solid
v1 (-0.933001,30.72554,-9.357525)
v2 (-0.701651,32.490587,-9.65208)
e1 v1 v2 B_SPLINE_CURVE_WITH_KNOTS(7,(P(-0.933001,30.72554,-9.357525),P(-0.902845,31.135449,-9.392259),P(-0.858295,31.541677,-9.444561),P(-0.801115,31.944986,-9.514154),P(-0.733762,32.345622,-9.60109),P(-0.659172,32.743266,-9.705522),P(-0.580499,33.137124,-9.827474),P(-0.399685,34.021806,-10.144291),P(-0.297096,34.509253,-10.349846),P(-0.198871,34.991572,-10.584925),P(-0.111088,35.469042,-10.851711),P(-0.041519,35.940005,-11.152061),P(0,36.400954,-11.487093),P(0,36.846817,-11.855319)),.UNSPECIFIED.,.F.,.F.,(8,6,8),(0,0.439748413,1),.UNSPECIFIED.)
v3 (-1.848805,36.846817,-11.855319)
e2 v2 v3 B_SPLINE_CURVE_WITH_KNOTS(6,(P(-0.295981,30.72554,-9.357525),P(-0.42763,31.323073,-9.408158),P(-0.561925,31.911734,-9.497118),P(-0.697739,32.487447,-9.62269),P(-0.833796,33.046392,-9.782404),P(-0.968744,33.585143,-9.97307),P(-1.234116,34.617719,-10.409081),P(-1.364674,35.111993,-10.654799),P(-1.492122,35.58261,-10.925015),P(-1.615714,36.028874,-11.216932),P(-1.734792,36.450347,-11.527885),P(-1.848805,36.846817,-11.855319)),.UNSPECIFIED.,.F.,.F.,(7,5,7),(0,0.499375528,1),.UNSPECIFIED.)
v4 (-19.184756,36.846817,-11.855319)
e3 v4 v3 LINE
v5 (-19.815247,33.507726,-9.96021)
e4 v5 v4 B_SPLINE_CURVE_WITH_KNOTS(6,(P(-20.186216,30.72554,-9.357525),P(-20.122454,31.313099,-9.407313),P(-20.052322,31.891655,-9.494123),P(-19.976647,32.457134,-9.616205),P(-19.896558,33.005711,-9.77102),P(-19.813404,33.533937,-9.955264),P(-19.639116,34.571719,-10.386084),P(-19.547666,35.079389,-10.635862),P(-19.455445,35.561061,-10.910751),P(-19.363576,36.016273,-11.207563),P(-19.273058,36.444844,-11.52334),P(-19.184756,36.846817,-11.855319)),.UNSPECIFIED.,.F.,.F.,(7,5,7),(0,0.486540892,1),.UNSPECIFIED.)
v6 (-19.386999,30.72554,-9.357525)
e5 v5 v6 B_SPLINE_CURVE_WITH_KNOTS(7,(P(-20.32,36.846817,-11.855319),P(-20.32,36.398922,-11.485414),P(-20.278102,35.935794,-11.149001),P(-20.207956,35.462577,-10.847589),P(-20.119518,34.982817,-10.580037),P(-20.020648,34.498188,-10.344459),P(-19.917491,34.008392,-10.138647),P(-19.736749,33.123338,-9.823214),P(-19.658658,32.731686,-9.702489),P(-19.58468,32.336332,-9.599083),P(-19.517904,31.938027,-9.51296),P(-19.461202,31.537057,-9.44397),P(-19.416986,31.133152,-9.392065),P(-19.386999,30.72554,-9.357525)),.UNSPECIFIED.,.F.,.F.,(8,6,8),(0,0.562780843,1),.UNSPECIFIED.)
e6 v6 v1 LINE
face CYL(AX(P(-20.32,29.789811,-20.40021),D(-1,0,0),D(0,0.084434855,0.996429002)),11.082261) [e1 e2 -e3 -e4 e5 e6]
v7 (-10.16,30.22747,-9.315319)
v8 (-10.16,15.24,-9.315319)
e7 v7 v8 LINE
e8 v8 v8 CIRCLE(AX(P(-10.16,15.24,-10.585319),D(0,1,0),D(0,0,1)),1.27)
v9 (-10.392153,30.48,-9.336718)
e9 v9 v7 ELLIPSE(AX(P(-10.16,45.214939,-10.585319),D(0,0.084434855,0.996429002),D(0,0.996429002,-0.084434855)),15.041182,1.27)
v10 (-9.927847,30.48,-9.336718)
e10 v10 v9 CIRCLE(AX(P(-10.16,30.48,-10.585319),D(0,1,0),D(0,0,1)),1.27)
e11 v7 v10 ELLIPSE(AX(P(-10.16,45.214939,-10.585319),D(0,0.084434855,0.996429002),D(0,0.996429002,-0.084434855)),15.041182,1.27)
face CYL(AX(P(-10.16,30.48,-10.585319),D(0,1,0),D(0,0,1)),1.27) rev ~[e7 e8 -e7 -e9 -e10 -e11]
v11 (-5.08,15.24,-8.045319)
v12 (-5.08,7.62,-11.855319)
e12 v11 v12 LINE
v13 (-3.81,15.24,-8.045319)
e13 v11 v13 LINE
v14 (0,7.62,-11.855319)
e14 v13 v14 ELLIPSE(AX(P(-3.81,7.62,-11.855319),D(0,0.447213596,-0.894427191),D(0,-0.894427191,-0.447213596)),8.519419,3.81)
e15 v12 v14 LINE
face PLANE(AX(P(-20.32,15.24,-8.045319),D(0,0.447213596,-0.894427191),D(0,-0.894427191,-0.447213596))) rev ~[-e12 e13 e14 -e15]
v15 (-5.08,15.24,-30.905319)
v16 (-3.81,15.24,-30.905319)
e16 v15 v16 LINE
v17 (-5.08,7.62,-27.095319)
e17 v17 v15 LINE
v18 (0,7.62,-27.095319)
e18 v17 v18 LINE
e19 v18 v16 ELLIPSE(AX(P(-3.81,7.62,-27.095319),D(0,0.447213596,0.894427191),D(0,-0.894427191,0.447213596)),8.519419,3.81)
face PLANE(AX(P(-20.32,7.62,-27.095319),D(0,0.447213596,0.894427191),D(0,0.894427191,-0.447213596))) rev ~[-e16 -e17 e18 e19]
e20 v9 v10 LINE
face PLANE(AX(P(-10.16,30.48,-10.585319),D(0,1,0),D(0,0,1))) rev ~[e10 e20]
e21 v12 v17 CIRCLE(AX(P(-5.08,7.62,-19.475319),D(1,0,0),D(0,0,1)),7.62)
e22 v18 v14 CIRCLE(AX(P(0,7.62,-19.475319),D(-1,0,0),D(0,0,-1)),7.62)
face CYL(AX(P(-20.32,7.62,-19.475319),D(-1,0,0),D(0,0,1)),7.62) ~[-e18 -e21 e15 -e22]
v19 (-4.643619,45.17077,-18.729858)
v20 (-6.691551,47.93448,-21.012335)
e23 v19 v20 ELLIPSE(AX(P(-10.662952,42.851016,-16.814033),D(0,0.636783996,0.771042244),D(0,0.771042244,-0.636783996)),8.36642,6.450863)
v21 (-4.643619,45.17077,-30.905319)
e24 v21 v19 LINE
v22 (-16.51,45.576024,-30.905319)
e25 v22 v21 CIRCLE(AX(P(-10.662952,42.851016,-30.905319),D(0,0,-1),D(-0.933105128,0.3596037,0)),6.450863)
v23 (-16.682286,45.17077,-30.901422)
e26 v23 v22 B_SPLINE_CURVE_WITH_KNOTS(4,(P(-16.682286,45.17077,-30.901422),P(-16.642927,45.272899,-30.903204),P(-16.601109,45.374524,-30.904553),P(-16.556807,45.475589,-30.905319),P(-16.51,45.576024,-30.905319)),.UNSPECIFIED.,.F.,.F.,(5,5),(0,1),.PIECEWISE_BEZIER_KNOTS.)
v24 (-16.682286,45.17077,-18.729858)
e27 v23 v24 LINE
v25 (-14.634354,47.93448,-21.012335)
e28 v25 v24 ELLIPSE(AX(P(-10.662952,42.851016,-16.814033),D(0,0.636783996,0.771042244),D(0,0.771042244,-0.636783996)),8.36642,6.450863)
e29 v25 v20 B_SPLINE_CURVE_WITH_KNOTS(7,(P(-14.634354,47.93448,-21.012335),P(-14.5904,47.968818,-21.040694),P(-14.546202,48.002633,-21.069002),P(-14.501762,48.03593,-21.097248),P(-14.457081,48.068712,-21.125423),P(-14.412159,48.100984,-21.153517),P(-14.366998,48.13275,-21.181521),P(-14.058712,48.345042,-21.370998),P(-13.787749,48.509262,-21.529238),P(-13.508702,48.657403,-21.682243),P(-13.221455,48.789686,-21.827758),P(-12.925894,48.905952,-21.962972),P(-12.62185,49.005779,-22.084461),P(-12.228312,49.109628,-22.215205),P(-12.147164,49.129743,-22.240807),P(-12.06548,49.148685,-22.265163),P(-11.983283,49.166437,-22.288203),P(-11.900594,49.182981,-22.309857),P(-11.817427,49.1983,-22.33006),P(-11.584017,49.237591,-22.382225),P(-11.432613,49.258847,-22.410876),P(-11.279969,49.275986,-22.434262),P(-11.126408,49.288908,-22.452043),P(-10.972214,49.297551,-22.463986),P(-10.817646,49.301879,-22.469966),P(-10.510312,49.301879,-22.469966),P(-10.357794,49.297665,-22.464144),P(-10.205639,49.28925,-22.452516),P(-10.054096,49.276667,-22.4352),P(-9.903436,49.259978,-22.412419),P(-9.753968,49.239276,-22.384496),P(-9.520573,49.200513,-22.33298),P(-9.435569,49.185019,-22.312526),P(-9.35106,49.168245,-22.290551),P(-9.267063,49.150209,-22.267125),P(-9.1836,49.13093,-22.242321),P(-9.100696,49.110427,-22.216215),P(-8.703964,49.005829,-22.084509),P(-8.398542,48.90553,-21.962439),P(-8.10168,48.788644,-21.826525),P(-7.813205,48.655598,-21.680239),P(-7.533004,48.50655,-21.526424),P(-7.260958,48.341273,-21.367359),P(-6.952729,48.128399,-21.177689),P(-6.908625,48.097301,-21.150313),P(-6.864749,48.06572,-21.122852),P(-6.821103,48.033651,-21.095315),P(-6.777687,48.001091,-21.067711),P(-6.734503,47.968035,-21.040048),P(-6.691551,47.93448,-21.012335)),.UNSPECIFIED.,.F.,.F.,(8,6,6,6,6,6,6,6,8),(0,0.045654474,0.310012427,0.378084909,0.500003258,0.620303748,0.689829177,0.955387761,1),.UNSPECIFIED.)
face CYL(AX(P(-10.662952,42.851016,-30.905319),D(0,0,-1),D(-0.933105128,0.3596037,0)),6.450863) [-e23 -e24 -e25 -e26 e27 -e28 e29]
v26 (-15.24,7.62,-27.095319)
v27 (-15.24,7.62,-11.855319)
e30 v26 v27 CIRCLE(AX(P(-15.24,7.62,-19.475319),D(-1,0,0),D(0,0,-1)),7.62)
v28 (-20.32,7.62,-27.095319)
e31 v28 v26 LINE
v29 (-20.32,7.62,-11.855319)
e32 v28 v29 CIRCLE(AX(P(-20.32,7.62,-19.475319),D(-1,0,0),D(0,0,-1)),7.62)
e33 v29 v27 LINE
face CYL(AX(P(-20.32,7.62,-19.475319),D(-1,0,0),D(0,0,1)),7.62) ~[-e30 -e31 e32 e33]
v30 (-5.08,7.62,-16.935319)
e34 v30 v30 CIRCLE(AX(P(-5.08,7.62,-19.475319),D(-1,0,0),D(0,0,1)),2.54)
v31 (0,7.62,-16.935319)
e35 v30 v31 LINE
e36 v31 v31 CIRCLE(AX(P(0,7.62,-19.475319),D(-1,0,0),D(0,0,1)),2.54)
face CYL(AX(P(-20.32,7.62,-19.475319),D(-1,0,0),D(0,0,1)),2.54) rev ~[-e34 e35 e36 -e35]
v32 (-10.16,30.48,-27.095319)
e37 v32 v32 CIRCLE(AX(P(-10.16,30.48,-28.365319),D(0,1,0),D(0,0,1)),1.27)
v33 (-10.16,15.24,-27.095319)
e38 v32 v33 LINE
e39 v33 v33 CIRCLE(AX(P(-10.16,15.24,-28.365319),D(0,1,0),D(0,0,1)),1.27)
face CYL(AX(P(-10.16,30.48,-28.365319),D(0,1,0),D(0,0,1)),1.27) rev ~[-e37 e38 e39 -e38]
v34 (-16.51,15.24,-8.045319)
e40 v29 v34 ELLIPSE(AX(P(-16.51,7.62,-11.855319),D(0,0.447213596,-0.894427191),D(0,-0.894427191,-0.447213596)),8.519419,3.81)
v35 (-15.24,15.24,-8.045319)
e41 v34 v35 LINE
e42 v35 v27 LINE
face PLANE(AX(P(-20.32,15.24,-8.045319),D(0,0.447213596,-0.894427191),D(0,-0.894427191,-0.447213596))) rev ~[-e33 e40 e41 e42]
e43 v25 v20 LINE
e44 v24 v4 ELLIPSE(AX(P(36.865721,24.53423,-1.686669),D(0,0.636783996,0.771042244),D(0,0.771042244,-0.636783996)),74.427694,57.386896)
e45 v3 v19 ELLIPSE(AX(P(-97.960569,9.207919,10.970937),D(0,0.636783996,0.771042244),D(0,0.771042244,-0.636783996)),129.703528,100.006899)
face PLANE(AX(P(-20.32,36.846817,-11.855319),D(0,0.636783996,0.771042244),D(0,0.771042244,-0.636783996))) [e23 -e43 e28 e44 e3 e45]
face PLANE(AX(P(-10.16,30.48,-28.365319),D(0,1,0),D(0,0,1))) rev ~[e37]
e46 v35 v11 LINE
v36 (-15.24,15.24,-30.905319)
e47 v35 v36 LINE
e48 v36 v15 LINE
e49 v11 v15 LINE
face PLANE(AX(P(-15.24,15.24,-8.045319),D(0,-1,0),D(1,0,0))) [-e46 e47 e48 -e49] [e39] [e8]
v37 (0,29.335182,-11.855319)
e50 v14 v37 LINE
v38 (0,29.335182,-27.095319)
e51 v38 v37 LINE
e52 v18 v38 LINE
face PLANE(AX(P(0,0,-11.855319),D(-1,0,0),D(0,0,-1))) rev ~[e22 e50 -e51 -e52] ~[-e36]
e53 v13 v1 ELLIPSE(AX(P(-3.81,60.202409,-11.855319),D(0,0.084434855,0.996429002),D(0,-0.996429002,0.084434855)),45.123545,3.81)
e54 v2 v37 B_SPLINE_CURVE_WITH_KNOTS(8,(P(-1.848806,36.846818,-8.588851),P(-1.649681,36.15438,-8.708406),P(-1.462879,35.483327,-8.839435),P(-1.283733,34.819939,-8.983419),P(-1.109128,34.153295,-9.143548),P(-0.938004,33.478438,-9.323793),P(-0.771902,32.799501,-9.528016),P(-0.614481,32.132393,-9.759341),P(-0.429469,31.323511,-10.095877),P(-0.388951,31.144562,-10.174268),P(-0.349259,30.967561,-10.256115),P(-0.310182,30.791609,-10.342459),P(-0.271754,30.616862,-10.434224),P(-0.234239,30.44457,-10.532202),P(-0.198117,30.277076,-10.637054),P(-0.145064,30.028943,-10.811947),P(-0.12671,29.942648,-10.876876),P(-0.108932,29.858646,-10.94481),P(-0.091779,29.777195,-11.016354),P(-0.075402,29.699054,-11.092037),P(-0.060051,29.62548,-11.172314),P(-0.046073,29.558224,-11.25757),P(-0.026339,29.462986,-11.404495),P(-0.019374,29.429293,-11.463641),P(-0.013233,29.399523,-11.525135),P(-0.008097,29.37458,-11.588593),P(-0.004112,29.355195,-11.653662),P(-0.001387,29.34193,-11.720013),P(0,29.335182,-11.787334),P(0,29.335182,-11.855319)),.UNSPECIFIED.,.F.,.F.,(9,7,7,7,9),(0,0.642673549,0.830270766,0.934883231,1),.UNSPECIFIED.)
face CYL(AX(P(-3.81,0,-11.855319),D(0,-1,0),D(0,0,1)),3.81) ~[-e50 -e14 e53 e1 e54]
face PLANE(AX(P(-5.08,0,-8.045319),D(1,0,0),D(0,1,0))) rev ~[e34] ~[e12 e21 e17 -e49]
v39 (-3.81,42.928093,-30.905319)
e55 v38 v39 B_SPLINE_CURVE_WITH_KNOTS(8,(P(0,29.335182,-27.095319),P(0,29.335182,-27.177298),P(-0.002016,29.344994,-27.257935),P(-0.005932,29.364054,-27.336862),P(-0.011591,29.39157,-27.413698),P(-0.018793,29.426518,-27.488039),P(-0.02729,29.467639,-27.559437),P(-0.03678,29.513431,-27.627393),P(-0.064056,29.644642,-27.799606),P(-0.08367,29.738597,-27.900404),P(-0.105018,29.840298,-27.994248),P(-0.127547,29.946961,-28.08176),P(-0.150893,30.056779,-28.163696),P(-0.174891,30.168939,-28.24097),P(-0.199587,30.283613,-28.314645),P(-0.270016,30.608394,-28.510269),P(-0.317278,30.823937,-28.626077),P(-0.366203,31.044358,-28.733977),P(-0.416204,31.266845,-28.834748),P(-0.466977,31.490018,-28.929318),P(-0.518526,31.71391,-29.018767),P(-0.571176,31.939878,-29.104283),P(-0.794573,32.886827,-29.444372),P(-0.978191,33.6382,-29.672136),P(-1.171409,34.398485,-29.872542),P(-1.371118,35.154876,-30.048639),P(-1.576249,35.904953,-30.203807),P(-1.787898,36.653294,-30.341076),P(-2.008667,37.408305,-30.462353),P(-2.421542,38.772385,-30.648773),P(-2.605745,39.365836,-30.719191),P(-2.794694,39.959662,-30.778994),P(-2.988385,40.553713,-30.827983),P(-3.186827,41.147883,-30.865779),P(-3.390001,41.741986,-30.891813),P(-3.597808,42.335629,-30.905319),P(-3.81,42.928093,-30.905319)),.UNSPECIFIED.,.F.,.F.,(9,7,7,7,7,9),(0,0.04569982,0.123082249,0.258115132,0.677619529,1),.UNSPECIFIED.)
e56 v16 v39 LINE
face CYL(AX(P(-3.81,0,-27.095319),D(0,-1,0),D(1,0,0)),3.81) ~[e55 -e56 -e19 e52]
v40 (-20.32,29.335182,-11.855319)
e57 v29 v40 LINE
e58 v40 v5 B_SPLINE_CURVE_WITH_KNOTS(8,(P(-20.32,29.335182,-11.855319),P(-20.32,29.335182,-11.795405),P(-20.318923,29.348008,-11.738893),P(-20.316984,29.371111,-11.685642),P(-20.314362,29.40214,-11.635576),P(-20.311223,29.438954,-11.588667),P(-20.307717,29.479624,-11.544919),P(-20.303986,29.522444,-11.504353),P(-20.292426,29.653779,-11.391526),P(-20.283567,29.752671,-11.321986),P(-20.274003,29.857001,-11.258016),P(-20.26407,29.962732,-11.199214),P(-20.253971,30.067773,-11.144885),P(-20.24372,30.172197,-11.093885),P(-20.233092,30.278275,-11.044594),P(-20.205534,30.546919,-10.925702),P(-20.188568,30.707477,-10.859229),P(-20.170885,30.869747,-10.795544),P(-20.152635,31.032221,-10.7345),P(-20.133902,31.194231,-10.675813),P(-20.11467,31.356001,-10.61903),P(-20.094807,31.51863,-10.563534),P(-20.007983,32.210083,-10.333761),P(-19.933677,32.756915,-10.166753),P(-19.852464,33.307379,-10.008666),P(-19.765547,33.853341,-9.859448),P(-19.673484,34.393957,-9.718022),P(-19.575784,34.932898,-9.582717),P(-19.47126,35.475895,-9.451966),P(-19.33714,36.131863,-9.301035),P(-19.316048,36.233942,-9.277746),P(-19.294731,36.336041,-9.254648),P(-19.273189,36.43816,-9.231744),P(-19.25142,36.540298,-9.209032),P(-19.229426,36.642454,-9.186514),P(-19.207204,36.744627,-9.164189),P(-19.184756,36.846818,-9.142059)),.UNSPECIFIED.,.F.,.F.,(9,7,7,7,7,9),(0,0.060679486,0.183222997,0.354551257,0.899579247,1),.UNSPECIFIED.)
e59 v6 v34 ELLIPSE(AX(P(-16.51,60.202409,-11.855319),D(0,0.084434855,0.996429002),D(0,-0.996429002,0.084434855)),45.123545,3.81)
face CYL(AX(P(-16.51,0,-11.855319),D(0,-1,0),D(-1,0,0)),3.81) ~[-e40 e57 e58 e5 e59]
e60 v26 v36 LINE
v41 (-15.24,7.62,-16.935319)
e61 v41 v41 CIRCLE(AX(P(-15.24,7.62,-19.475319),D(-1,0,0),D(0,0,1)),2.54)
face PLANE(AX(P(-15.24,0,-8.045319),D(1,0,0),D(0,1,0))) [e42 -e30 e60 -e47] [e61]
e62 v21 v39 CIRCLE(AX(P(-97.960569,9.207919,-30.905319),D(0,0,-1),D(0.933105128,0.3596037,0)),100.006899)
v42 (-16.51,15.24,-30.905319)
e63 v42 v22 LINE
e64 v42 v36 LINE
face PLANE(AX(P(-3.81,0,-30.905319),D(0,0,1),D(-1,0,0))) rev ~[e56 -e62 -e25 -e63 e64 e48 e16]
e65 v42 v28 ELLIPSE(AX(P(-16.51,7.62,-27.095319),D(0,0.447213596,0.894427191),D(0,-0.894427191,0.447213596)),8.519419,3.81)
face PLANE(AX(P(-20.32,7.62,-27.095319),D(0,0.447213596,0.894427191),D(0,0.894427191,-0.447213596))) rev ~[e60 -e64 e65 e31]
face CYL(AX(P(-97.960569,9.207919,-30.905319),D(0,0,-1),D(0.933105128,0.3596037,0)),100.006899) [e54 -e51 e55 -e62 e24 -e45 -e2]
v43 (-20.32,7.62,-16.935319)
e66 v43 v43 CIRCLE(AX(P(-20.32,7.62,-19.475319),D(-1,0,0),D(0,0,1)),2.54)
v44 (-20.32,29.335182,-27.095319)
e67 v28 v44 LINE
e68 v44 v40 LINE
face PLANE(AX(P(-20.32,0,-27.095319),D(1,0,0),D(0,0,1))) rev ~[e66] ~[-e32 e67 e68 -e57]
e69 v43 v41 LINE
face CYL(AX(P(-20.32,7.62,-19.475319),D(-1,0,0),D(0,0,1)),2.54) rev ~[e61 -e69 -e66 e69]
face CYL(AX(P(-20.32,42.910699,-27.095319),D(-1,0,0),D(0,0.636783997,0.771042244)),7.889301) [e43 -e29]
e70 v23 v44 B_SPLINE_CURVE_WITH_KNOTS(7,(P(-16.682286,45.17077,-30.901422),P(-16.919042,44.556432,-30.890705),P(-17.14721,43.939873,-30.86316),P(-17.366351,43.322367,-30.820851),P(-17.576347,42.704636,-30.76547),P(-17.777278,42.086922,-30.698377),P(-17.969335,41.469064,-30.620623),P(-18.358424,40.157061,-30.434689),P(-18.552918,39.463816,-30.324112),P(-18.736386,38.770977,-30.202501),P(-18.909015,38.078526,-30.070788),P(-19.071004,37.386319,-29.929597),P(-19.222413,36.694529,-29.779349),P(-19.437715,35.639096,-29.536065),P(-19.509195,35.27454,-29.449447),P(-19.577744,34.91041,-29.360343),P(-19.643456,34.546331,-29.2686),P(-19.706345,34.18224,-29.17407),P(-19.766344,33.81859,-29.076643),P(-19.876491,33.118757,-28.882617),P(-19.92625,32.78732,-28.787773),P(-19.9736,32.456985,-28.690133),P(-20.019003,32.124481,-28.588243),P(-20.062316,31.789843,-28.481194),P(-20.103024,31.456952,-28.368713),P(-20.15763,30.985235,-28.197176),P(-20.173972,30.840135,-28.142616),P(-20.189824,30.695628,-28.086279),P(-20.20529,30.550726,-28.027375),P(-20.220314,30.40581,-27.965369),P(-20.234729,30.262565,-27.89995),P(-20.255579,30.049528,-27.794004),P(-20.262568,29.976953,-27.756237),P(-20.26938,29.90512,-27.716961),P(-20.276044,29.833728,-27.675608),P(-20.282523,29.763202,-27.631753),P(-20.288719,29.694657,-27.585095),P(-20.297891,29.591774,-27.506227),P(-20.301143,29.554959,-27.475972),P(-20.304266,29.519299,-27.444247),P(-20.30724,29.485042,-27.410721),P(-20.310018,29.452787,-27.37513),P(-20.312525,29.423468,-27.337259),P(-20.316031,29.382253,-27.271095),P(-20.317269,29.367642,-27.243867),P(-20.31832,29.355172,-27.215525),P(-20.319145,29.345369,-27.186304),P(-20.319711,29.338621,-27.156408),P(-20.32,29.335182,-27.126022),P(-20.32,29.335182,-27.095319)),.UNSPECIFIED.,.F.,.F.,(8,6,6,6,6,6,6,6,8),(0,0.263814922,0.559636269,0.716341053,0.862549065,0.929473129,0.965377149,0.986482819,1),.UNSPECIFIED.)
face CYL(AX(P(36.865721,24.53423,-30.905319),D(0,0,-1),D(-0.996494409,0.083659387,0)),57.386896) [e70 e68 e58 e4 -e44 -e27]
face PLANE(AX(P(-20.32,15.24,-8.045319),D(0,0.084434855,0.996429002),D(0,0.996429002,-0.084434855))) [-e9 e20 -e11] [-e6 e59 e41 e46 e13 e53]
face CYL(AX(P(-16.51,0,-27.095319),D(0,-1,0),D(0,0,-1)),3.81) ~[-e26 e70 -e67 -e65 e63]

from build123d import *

# Parameters (mm, degrees)
BOSS_EXTRUDE1_DEPTH = 50.8
CUT_EXTRUDE2_START  = -20.32
SKETCH3_R           = 1.27
CUT_EXTRUDE2_DEPTH  = 50.8
CUT_EXTRUDE1_DEPTH  = 50.8
SKETCH4_W           = 10.16
SKETCH4_H           = 15.24
CUT_EXTRUDE3_DEPTH  = 50.8
SKETCH5_R           = 2.54
CUT_EXTRUDE5_DEPTH  = 50.8
CUT_EXTRUDE6_DEPTH  = 32.512
CUT_EXTRUDE7_DEPTH  = 32.512


with BuildPart() as part:
    # Sketch1 → Boss-Extrude1 (new body)
    with BuildSketch(Plane(origin=(0, 0, 0), x_dir=(1, 0, 0), z_dir=(0, 1, 0))):
        with BuildLine():
            Line((-20.32, 27.095319289), (-20.32, 11.855319289))
            ThreePointArc((-20.32, 11.855319289), (-19.204076836, 9.161242453), (-16.51, 8.045319289))
            Line((-16.51, 8.045319289), (-3.81, 8.045319289))
            ThreePointArc((-3.81, 8.045319289), (-1.115923164, 9.161242453), (0, 11.855319289))
            Line((0, 11.855319289), (0, 27.095319289))
            ThreePointArc((0, 27.095319289), (-1.115923164, 29.789396126), (-3.81, 30.905319289))
            Line((-3.81, 30.905319289), (-16.51, 30.905319289))
            ThreePointArc((-16.51, 30.905319289), (-19.204076836, 29.789396126), (-20.32, 27.095319289))
        make_face()
    extrude(amount=BOSS_EXTRUDE1_DEPTH)

    # Sketch3 → Cut-Extrude2 (cut)
    with BuildSketch(Plane(origin=(0, 50.8, 0), x_dir=(1, 0, 0), z_dir=(0, 1, 0)).offset(CUT_EXTRUDE2_START)):
        with Locations(Location((-10.16, 10.585319289, 0), (0, 0, 270))):
            Circle(SKETCH3_R)
        with Locations(Location((-10.16, 28.365319289, 0), (0, 0, 270))):
            Circle(SKETCH3_R)
    extrude(amount=-CUT_EXTRUDE2_DEPTH, mode=Mode.SUBTRACT)

    # Sketch2 → Cut-Extrude1 (cut)
    with BuildSketch(Plane.ZY.offset(20.32)):
        with BuildLine():
            Line((-27.095319289, 7.62), (-30.905319289, 15.24))
            Line((-30.905319289, 15.24), (-30.905319289, -5.08))
            Line((-30.905319289, -5.08), (-8.045319289, -5.08))
            Line((-8.045319289, -5.08), (-8.045319289, 15.24))
            Line((-8.045319289, 15.24), (-11.855319289, 7.62))
            ThreePointArc((-11.855319289, 7.62), (-19.475319289, 0), (-27.095319289, 7.62))
        make_face()
    extrude(amount=-CUT_EXTRUDE1_DEPTH, mode=Mode.SUBTRACT)

    # Sketch4 → Cut-Extrude3 (cut)
    with BuildSketch(Plane.XY.offset(-8.045319289)):
        with Locations((-10.16, 7.62)):
            Rectangle(SKETCH4_W, SKETCH4_H)
    extrude(amount=-CUT_EXTRUDE3_DEPTH, mode=Mode.SUBTRACT)

    # Sketch5 → Cut-Extrude5 (cut)
    with BuildSketch(Plane.ZY.offset(20.32)):
        with Locations((-19.475319289, 7.62)):
            Circle(SKETCH5_R)
    extrude(amount=-CUT_EXTRUDE5_DEPTH, mode=Mode.SUBTRACT)

    # Sketch6 → Cut-Extrude6 (cut)
    with BuildSketch(Plane.ZY.offset(20.32)):
        with BuildLine():
            Line((-11.855319289, 36.846817341), (-21.012334943, 47.93447962))
            ThreePointArc((-21.012334943, 47.93447962), (-23.733254983, 50.047756788), (-27.095319289, 50.8))
            Line((-27.095319289, 50.8), (-31.52544936, 50.8))
            Line((-31.52544936, 50.8), (-31.52544936, 15.08846866))
            Line((-31.52544936, 15.08846866), (-40.392656277, 51.934271372))
            Line((-40.392656277, 51.934271372), (12.273740193, 71.26134954))
            Line((12.273740193, 71.26134954), (-8.045319289, 15.24))
            Line((-8.045319289, 15.24), (-9.357524517, 30.725540243))
            ThreePointArc((-9.357524517, 30.725540243), (-10.139323425, 33.97677891), (-11.855319289, 36.846817341))
        make_face()
    extrude(amount=-CUT_EXTRUDE6_DEPTH, mode=Mode.SUBTRACT)

    # Sketch7 → Cut-Extrude7 (cut)
    with BuildSketch(Plane(origin=(0, 0, -30.905319289), x_dir=(-1, 0, 0), z_dir=(0, 0, -1))):
        with BuildLine():
            Line((0, 29.335182296), (-12.852337187, 67.804770192))
            Line((-12.852337187, 67.804770192), (37.594938904, 66.861563092))
            Line((37.594938904, 66.861563092), (20.32, 29.335182296))
            ThreePointArc((20.32, 29.335182296), (19.06442366, 37.382371637), (16.68228589, 45.170769925))
            ThreePointArc((16.68228589, 45.170769925), (10.662952429, 49.301878805), (4.643618968, 45.170769925))
            ThreePointArc((4.643618968, 45.170769925), (1.994617848, 37.348921605), (0, 29.335182296))
        make_face()
    extrude(amount=-CUT_EXTRUDE7_DEPTH, mode=Mode.SUBTRACT)


solid = part.part
